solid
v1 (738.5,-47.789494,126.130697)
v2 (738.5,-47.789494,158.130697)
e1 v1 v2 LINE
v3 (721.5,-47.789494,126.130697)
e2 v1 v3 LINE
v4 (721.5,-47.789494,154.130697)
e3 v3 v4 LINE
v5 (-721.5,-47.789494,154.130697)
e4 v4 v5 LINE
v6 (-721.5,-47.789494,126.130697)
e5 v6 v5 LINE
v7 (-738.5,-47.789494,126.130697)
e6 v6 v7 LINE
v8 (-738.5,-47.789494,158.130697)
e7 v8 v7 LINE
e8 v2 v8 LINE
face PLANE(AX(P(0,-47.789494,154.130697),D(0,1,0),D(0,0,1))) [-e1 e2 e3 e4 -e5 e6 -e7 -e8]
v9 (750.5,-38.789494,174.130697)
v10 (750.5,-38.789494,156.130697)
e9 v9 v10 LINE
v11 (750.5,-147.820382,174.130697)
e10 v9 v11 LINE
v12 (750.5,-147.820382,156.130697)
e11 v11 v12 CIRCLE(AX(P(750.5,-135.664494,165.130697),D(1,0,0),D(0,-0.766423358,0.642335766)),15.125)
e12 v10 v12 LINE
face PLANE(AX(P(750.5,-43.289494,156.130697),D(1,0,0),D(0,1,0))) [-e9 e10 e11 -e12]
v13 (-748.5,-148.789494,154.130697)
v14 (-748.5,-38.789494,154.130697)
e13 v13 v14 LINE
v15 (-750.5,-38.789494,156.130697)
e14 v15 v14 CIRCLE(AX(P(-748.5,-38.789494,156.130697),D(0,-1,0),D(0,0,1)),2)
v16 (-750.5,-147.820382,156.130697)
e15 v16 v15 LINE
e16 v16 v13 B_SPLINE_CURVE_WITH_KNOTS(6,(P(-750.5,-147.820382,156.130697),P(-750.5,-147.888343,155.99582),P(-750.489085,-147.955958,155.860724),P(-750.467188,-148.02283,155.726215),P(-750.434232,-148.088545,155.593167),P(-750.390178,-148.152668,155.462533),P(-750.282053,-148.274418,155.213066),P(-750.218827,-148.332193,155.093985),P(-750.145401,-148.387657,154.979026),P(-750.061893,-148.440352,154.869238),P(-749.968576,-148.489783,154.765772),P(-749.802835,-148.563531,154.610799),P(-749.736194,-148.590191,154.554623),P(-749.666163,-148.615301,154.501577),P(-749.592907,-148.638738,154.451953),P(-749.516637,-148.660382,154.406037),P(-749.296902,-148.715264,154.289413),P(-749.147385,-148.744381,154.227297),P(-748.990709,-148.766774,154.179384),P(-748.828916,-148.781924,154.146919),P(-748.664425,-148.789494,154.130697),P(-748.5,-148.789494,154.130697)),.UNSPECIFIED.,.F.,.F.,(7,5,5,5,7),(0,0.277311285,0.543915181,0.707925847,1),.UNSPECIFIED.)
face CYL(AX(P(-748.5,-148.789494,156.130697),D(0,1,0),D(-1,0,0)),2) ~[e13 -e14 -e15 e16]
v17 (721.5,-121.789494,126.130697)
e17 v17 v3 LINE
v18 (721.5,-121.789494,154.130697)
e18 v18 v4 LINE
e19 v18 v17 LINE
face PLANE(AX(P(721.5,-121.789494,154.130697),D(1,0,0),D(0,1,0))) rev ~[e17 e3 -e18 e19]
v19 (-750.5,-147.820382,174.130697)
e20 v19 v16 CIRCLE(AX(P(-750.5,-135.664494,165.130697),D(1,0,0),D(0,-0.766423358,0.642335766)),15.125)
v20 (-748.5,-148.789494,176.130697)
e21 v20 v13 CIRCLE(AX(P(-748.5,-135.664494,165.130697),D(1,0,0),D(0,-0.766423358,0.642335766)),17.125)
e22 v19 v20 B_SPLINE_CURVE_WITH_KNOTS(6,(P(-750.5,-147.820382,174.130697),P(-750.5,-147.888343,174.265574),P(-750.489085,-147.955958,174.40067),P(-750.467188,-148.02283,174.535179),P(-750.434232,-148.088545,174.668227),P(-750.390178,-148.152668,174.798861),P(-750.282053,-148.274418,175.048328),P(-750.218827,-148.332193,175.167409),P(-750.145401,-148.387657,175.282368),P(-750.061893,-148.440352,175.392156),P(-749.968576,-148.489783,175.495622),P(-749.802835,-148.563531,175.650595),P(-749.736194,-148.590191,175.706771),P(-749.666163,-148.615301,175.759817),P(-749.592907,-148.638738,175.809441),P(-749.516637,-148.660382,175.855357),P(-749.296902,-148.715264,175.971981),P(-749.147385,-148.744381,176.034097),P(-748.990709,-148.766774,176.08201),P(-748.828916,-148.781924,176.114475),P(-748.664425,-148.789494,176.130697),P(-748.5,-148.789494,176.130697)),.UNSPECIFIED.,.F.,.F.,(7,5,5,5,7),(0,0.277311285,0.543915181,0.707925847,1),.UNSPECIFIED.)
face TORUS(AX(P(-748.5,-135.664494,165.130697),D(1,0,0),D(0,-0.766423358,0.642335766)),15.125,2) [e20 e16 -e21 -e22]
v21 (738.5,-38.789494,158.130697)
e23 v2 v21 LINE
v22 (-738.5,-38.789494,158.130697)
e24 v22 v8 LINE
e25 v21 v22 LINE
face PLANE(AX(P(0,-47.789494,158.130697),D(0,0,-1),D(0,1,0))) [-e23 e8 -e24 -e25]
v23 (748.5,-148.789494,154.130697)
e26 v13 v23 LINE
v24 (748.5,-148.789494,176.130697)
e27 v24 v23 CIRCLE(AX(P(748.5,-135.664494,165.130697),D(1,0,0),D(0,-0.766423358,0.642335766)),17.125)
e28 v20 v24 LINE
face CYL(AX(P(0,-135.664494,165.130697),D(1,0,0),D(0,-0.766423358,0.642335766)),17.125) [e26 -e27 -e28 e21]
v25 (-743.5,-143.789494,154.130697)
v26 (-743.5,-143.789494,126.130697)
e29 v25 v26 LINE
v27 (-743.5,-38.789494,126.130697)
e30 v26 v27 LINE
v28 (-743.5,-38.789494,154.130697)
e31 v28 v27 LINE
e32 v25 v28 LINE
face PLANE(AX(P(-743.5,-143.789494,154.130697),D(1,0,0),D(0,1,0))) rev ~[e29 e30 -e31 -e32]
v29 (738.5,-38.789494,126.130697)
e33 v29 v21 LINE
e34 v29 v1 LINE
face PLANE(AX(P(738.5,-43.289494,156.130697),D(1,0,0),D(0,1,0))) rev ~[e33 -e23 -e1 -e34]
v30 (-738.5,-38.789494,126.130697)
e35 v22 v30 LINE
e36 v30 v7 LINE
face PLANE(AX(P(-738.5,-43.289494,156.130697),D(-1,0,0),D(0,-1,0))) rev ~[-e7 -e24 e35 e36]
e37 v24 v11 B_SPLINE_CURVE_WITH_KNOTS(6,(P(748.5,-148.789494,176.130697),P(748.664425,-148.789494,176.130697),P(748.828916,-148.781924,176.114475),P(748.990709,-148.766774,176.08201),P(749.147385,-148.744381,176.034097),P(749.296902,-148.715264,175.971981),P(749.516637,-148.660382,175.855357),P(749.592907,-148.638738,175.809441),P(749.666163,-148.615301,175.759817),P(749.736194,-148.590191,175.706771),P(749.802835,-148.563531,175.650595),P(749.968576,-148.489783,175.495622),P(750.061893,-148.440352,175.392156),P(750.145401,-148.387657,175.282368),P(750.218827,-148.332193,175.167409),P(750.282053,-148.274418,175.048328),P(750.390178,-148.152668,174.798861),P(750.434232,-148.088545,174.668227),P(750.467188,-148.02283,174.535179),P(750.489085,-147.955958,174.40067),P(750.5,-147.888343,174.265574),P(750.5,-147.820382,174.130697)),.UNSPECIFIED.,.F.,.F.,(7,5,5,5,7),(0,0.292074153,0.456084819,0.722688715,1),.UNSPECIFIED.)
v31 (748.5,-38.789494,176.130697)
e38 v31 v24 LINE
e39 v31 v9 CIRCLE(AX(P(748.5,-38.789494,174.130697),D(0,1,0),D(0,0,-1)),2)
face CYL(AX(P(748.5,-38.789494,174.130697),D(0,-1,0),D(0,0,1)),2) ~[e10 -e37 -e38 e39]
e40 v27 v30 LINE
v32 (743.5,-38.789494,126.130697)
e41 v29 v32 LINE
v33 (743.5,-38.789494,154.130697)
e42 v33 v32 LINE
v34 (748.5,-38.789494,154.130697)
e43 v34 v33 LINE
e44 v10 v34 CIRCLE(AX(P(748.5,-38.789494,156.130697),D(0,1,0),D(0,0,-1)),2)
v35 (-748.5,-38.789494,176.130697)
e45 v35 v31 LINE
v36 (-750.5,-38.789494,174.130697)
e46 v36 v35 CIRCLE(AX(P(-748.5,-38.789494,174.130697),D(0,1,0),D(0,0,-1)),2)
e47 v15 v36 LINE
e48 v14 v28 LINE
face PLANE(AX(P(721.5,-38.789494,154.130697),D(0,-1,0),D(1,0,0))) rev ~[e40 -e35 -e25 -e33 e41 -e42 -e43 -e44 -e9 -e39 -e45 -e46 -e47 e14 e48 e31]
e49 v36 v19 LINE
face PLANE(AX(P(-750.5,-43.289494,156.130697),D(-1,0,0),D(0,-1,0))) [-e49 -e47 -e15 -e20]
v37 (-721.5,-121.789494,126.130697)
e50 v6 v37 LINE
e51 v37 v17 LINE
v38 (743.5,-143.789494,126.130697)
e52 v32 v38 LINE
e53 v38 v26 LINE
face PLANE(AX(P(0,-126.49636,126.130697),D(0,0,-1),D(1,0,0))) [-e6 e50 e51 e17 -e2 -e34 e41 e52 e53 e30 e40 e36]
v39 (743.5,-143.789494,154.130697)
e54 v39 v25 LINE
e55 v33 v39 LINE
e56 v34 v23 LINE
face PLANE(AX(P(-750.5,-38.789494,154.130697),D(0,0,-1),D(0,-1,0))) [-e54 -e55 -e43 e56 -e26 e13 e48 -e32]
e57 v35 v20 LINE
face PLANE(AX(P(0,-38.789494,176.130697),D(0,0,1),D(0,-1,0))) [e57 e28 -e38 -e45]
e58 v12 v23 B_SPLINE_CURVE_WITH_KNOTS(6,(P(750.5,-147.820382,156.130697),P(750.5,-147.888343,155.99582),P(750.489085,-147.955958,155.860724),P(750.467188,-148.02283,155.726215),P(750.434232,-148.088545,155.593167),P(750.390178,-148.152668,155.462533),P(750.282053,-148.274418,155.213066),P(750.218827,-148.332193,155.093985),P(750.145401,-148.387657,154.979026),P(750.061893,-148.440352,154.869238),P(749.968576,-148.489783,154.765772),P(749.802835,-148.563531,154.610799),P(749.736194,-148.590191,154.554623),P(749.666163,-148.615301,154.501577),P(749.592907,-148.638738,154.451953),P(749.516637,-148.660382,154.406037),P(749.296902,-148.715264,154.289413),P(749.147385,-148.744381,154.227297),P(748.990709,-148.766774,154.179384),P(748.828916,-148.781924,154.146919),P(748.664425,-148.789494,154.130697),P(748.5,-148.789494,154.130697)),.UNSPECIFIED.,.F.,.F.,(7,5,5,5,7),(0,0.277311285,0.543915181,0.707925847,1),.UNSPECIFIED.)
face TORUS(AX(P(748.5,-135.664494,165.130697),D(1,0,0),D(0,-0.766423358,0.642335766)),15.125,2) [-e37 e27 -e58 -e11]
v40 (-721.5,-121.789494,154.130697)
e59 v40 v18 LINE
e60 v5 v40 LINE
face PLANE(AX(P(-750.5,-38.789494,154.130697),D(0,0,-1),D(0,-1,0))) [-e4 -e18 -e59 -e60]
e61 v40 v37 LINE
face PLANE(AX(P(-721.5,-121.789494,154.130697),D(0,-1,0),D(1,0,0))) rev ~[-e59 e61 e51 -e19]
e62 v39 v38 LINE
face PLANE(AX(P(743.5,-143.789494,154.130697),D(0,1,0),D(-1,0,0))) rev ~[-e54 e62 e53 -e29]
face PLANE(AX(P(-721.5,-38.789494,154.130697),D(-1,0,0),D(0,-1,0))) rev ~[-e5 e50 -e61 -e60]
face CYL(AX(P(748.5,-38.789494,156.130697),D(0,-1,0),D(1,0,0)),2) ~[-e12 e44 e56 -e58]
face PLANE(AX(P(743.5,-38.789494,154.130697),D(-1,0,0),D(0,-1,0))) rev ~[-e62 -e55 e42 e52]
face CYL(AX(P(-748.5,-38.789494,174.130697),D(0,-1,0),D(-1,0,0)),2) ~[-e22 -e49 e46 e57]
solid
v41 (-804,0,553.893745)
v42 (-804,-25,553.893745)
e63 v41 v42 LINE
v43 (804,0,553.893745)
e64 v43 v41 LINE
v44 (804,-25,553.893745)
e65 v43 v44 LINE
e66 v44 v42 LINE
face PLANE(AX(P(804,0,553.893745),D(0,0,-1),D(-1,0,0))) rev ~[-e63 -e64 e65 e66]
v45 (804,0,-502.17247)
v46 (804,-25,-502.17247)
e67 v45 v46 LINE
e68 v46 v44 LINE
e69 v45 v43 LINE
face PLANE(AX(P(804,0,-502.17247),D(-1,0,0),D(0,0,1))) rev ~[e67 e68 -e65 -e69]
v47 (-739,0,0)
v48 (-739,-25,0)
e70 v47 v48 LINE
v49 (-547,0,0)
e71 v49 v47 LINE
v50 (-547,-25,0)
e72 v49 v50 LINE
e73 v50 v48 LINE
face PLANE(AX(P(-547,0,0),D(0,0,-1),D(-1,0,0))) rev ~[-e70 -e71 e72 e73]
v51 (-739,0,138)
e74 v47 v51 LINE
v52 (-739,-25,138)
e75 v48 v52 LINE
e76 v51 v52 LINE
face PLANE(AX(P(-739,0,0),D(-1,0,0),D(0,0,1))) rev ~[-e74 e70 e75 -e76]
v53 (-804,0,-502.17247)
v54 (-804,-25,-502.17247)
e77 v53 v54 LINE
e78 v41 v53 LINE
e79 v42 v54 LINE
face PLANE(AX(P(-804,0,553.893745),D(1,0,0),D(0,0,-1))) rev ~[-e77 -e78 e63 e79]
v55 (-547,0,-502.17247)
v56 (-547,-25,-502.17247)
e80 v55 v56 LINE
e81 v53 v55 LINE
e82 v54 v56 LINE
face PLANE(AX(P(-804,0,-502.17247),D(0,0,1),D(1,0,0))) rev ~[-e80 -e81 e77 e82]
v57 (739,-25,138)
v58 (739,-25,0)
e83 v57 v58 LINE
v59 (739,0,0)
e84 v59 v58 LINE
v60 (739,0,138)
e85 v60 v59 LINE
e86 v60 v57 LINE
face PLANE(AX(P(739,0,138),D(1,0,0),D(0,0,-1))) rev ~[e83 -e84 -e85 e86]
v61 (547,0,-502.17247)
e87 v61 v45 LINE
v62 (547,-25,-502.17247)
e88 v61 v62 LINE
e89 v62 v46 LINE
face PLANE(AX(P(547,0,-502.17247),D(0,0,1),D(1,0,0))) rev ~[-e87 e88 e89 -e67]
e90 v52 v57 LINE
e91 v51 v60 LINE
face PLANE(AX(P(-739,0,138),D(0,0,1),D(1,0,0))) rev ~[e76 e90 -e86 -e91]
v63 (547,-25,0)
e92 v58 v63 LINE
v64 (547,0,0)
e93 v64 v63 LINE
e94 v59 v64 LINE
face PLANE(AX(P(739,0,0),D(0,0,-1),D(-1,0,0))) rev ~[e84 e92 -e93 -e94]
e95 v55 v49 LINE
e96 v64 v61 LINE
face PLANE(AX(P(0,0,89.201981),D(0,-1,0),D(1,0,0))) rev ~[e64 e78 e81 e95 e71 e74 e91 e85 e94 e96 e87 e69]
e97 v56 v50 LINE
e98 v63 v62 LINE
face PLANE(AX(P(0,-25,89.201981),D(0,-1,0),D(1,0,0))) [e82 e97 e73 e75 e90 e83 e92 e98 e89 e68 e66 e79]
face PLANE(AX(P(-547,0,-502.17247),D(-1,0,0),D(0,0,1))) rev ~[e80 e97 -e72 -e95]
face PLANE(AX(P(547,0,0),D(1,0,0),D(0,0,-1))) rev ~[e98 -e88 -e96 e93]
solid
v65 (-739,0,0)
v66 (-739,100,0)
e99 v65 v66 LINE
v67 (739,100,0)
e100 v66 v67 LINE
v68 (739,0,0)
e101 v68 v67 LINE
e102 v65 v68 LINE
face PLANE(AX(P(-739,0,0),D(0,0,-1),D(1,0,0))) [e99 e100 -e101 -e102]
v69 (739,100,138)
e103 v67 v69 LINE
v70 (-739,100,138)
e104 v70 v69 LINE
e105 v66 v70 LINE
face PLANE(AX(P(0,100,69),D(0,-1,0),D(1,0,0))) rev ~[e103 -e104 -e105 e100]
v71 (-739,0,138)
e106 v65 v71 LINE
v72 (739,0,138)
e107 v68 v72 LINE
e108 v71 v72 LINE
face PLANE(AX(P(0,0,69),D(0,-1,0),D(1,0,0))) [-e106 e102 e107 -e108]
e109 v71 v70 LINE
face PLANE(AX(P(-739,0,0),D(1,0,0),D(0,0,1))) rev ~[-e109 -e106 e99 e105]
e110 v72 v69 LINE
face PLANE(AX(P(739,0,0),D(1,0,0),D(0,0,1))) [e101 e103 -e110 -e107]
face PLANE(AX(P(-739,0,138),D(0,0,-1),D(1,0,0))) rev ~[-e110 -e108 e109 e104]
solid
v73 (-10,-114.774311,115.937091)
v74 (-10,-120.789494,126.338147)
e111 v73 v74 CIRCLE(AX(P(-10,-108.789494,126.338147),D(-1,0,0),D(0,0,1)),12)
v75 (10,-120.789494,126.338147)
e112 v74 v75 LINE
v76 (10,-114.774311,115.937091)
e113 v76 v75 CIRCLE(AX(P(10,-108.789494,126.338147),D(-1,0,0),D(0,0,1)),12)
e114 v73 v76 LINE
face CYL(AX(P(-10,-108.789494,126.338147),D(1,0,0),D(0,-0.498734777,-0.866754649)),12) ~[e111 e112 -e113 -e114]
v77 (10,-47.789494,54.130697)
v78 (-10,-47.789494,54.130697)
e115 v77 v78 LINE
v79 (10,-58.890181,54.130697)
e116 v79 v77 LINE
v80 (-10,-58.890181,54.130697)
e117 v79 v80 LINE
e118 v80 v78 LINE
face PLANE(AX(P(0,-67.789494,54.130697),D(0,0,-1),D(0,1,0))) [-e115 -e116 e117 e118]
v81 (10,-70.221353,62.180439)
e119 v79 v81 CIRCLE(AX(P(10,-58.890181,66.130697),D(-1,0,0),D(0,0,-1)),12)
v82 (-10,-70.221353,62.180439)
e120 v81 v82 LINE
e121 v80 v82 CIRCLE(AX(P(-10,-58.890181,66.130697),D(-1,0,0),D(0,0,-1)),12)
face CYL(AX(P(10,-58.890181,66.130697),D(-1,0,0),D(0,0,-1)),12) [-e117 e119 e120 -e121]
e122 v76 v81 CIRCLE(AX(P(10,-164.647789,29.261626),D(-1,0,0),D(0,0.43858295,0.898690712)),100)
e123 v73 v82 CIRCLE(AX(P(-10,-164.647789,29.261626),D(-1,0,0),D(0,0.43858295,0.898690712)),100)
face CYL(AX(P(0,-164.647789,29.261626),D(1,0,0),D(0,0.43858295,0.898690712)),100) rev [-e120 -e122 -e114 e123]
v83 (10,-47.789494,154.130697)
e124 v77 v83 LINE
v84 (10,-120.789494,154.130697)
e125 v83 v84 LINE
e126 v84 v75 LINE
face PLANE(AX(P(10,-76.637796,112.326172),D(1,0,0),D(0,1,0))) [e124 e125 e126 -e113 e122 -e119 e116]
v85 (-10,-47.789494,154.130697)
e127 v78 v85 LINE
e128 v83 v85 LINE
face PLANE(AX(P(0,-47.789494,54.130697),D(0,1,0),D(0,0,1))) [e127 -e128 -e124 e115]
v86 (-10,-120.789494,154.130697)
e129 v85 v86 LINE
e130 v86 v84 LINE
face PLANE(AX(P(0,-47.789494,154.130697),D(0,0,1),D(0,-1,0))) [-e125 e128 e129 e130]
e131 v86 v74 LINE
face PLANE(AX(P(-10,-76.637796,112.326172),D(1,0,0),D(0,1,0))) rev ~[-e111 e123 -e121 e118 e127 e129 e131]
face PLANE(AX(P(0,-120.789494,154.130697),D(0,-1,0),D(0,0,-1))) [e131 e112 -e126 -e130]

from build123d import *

# Parameters (mm, degrees)
F0_W      = 1478
F0_H      = 138
F1_DEPTH  = 100
F3_DEPTH  = 750.5
F4_W      = 9
F4_H      = 4
F5_DEPTH  = 12
F6_W      = 9
F6_H      = 4
F7_DEPTH  = 12
F8_R      = 2
F11_DEPTH = 28
F13_DEPTH = 10
F15_DEPTH = 25
F16_W     = 17
F16_H     = 28
F17_DEPTH = 9
F18_R     = 12


with BuildPart() as f1:
    # F0 (on Front) → F1 (new body)
    with BuildSketch(Plane.XZ):
        with Locations((0, 69)):
            Rectangle(F0_W, F0_H)
    extrude(amount=-F1_DEPTH)


with BuildPart() as f3:
    # F2 (on Right) → F3 (new body, symmetric)
    with BuildSketch(Plane.YZ):
        with BuildLine():
            Line((-38.789494, 158.130697), (-38.789494, 176.130697))
            Line((-38.789494, 176.130697), (-148.789494, 176.130697))
            ThreePointArc((-148.789494, 176.130697), (-152.789494, 165.130697), (-148.789494, 154.130697))
            Line((-148.789494, 154.130697), (-47.789494, 154.130697))
            Line((-47.789494, 154.130697), (-47.789494, 158.130697))
            Line((-47.789494, 158.130697), (-38.789494, 158.130697))
        make_face()
    extrude(amount=F3_DEPTH, both=True)

    # F4 (on face) → F5 (join)
    with BuildSketch(Plane.YZ.offset(750.5)):
        with Locations((-43.289494, 156.130697)):
            Rectangle(F4_W, F4_H)
    extrude(amount=-F5_DEPTH)

    # F6 (on face) → F7 (join)
    with BuildSketch(Plane(origin=(-750.5, 0, 0), x_dir=(0, -1, 0), z_dir=(-1, 0, 0))):
        with Locations((43.289494, 156.130697)):
            Rectangle(F6_W, F6_H)
    extrude(amount=-F7_DEPTH)

    # F8
    f8_edges = [f3.edges().sort_by_distance(p)[0] for p in [
        (750.5, -93.789494, 154.130697),
        (750.5, -152.789494, 165.130697),
        (750.5, -93.789494, 176.130697),
        (-750.5, -152.789494, 165.130697),
        (-750.5, -93.789494, 154.130697),
        (-750.5, -93.789494, 176.130697),
    ]]
    fillet(f8_edges, radius=F8_R)

    # F10 (on face) → F11 (join)
    with BuildSketch(Plane(origin=(0, 0, 154.130697), x_dir=(1, 0, 0), z_dir=(0, 0, -1))):
        Polygon((721.5, 38.789494), (743.5, 38.789494), (743.5, 143.789494), (-743.5, 143.789494), (-743.5, 38.789494), (-721.5, 38.789494), (-721.5, 121.789494), (721.5, 121.789494), align=None)
    extrude(amount=F11_DEPTH)

    # F16 (on face) → F17 (cut, through all)
    with BuildSketch(Plane(origin=(0, -38.789494, 0), x_dir=(-1, 0, 0), z_dir=(0, 1, 0))):
        with Locations((-730, 140.130697)):
            Rectangle(F16_W, F16_H)
        with Locations((730, 140.130697)):
            Rectangle(F16_W, F16_H)
    extrude(amount=-F17_DEPTH, mode=Mode.SUBTRACT)


with BuildPart() as f13:
    # F12 (on Right) → F13 (new body, symmetric)
    with BuildSketch(Plane.YZ):
        with BuildLine():
            Line((-47.789494, 154.130697), (-120.789494, 154.130697))
            Line((-120.789494, 154.130697), (-120.789494, 119.130697))
            ThreePointArc((-120.789494, 119.130697), (-87.14592, 92.455457), (-67.789494, 54.130697))
            Line((-67.789494, 54.130697), (-47.789494, 54.130697))
            Line((-47.789494, 54.130697), (-47.789494, 154.130697))
        make_face()
    extrude(amount=F13_DEPTH, both=True)

    # F18
    f18_edges = [f13.edges().sort_by_distance(p)[0] for p in [
        (0, -120.789494, 119.130697),
        (0, -67.789494, 54.130697),
    ]]
    fillet(f18_edges, radius=F18_R)


with BuildPart() as f15:
    # F14 (on Front) → F15 (new body)
    with BuildSketch(Plane.XZ):
        Polygon((-547, -502.17247), (-547, 0), (-739, 0), (-739, 138), (739, 138), (739, 0), (547, 0), (547, -502.17247), (804, -502.17247), (804, 553.893745), (-804, 553.893745), (-804, -502.17247), align=None)
    extrude(amount=F15_DEPTH)


solid = Compound([f1.part, f3.part, f13.part, f15.part])
